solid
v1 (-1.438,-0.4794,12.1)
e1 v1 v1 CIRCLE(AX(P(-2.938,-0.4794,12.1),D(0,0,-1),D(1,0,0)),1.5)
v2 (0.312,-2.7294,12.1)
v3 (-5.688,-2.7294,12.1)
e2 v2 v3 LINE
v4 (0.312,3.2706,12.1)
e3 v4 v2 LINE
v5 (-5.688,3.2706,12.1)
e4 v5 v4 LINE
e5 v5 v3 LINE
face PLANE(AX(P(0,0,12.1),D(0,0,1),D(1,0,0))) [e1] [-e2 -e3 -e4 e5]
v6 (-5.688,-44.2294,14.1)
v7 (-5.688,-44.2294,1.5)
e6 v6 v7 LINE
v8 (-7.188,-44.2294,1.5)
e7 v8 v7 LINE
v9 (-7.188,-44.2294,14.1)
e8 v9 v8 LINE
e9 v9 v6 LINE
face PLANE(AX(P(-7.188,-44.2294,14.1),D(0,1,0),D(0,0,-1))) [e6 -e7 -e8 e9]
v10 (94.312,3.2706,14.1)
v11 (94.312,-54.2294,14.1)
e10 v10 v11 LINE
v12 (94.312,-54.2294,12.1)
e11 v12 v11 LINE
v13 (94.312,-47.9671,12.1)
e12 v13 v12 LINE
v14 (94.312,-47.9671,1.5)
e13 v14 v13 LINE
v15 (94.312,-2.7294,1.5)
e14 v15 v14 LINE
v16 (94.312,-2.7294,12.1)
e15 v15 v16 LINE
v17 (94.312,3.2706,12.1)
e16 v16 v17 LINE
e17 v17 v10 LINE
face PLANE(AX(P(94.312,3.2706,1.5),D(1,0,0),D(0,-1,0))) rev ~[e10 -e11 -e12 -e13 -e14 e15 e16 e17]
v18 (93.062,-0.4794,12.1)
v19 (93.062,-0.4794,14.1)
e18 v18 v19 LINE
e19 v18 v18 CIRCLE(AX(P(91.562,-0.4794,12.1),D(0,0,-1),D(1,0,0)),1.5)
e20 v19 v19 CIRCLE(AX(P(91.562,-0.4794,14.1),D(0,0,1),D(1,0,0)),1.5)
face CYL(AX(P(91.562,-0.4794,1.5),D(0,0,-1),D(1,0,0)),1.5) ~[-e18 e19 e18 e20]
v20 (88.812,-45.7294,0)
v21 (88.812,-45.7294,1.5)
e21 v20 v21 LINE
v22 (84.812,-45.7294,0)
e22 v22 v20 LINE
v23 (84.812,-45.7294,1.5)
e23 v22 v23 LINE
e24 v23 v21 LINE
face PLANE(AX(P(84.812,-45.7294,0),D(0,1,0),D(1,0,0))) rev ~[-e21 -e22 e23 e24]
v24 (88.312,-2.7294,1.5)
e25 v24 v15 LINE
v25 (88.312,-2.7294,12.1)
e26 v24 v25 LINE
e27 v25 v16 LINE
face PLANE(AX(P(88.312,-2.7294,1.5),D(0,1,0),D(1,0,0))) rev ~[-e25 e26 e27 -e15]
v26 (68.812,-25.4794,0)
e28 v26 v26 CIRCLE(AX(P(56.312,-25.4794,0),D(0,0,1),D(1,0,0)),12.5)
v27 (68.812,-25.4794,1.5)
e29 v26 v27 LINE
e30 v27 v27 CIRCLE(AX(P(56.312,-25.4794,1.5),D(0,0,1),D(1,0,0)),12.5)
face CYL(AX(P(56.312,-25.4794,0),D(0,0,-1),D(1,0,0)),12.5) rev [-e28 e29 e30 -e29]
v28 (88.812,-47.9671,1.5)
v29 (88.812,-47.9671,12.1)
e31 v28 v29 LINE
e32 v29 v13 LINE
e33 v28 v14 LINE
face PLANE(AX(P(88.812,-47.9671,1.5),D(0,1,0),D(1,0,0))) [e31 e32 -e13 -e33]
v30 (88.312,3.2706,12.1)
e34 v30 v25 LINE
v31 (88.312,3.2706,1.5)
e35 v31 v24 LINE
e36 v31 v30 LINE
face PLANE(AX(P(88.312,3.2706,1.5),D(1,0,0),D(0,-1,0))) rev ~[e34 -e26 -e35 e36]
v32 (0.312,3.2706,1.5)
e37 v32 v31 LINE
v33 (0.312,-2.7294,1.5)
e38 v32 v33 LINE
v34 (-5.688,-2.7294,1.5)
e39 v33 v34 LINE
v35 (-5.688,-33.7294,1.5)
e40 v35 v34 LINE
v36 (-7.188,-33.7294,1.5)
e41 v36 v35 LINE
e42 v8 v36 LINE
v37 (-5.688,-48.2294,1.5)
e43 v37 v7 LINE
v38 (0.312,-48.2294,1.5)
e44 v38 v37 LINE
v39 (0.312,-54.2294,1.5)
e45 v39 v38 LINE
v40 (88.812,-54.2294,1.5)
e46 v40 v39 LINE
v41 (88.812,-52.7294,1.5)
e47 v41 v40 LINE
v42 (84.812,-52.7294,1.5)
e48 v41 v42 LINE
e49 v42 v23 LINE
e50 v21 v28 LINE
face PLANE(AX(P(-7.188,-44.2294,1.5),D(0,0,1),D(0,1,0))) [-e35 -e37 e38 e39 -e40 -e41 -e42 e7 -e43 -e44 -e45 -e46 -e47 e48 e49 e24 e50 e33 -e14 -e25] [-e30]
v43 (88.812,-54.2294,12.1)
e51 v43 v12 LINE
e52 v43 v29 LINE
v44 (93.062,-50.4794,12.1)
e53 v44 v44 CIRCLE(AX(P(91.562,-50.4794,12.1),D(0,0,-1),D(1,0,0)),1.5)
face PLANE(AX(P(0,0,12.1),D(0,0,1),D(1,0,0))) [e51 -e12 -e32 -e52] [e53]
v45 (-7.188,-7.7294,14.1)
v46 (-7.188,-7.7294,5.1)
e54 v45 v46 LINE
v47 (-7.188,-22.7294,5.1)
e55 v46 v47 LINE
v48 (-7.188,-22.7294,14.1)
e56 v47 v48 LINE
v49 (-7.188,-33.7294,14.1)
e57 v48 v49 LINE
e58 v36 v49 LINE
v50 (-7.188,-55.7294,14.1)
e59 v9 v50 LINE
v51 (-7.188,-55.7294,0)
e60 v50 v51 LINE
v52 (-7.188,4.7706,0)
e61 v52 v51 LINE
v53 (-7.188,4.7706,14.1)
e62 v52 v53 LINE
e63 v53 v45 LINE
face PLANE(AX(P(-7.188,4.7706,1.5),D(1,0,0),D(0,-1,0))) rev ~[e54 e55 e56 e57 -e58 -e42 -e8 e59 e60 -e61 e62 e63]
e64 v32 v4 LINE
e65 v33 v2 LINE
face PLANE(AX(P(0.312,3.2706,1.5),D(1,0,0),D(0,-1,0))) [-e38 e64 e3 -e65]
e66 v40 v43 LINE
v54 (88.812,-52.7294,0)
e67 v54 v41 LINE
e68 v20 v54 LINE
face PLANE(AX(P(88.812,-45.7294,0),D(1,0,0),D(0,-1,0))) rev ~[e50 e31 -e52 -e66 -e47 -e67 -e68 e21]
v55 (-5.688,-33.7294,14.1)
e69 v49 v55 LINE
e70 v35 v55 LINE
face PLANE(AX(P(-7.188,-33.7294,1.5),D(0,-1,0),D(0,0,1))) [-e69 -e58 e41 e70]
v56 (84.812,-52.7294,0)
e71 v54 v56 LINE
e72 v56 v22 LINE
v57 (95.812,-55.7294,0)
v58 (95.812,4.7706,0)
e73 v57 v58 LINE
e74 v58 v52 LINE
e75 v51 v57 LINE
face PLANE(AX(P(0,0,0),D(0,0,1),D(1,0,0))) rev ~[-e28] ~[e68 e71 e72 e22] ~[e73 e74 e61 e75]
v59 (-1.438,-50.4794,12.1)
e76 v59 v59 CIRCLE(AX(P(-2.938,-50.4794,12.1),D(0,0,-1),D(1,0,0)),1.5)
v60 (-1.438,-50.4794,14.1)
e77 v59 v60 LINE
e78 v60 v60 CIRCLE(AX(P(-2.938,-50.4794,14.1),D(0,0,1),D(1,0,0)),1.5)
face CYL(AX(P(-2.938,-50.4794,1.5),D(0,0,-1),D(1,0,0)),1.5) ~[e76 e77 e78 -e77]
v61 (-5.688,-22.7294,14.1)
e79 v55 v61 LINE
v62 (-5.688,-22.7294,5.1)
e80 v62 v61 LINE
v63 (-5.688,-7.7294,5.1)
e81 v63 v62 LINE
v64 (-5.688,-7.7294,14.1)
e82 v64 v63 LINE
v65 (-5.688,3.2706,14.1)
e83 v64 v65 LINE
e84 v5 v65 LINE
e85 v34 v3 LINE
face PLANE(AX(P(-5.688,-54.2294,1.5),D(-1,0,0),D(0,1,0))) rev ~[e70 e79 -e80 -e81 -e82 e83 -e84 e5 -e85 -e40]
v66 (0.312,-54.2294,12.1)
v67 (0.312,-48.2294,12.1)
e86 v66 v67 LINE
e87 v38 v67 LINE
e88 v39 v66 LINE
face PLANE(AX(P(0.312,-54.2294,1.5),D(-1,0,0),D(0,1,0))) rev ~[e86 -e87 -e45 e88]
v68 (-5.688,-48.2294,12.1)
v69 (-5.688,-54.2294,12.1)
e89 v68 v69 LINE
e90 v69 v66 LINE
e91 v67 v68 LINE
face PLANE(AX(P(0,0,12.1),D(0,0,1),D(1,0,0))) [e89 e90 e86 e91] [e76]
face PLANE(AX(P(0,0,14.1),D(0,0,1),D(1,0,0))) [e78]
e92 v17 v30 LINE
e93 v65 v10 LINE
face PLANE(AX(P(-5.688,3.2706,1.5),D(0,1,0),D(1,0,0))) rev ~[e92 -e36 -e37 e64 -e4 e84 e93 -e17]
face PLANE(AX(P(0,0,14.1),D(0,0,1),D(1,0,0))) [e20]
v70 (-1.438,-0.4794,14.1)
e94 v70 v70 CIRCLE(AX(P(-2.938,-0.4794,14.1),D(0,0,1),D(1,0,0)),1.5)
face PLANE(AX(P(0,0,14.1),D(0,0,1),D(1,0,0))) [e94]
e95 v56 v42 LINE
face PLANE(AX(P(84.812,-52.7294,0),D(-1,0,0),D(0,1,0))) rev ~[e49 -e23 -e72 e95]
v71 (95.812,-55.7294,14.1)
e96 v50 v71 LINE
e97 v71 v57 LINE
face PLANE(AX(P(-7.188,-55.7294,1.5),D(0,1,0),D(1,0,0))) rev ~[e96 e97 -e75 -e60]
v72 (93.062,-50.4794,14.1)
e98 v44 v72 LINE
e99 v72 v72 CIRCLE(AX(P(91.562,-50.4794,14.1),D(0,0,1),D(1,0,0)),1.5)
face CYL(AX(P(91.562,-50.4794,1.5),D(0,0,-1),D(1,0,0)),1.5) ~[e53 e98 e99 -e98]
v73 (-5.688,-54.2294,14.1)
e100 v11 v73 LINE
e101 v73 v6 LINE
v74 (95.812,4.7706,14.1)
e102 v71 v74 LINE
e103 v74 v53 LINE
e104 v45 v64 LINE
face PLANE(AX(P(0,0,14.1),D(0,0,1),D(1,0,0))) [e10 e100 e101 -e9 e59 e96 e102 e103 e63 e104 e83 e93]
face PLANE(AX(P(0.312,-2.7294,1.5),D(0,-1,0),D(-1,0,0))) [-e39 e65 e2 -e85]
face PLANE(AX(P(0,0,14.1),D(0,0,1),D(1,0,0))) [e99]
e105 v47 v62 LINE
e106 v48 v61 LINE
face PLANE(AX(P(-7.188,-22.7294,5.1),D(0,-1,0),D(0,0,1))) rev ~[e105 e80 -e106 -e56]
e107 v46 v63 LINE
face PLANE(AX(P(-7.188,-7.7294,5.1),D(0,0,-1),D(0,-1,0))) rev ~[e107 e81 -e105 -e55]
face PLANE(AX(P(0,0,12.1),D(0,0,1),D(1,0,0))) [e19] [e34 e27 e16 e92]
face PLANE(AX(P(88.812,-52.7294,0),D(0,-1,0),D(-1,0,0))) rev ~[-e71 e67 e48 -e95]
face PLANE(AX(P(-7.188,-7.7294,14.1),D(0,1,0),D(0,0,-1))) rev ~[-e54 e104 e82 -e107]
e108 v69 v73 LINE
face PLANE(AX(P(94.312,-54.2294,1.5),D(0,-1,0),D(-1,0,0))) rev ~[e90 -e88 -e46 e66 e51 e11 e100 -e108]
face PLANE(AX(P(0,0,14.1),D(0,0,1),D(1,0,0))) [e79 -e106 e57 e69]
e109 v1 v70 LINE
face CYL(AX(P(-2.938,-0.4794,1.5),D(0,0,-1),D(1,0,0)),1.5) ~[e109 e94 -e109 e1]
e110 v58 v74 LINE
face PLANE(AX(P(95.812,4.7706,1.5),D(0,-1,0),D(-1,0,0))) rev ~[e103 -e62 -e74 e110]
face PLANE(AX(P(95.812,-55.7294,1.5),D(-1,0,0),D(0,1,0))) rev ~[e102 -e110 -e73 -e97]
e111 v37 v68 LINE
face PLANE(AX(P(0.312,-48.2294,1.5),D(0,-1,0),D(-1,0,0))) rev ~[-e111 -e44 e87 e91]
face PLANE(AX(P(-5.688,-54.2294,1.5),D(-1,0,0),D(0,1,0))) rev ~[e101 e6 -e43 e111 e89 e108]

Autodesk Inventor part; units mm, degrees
ref_plane "YZ Plane" through (0, 0, 0) normal (1, 0, 0) x (0, 1, 0)
ref_plane "XZ Plane" through (0, 0, 0) normal (0, 1, 0) x (-1, 0, 0)
ref_plane "XY Plane" through (0, 0, 0) normal (0, 0, 1) x (1, 0, 0)
sketch "Sketch1" plane through (0, 0, 0) normal (0, 0, 1) x (1, 0, 0)
  line L0 (-5.688, 3.2706) -> (94.312, 3.2706)
  line L1 (94.312, 3.2706) -> (94.312, -54.2294)
  line L2 (94.312, -54.2294) -> (-5.688, -54.2294)
  line L3 (-5.688, -54.2294) -> (-5.688, 3.2706)
  line L4 (95.812, 4.7706) -> (-7.188, 4.7706)
  line L5 (-7.188, 4.7706) -> (-7.188, -55.7294)
  line L6 (-7.188, -55.7294) -> (95.812, -55.7294)
  line L7 (95.812, -55.7294) -> (95.812, 4.7706)
  circle A0 centre (56.312, -25.4794) radius 12.5
  point P0 (0, 0)
  dimension "d0" = 100
  dimension "d1" = 57.5
  dimension "d2" = 1.5
  dimension "d3" = 25
  dimension "d4" = 38
extrude "Extrusion1" add sketch "Sketch1" along normal blind 1.5 contours L0 L1 L2 L3 | L7 L6 L5 L4
sketch "Sketch2" plane through (0, 0, 1.5) normal (0, 0, 1) x (1, 0, 0)
  line L0 (95.812, 4.7706) -> (-7.188, 4.7706) projected
  line L1 (-7.188, 4.7706) -> (-7.188, -55.7294) projected
  line L2 (-7.188, -55.7294) -> (95.812, -55.7294) projected
  line L3 (95.812, -55.7294) -> (95.812, 4.7706) projected
  line L4 (-5.688, 3.2706) -> (94.312, 3.2706)
  line L5 (94.312, 3.2706) -> (94.312, -54.2294)
  line L6 (94.312, -54.2294) -> (-5.688, -54.2294)
  line L7 (-5.688, -54.2294) -> (-5.688, 3.2706)
  point P0 (0, 0)
  dimension "d7" = 1.5
extrude "Extrusion2" add sketch "Sketch2" along normal blind 12.6
sketch "Sketch3" plane through (0, 0, 0) normal (0, 0, -1) x (-1, 0, 0)
  line L0 (-84.812, -45.7294) -> (-88.812, -45.7294)
  line L1 (-88.812, -45.7294) -> (-88.812, -52.7294)
  line L2 (-88.812, -52.7294) -> (-84.812, -52.7294)
  line L3 (-84.812, -52.7294) -> (-84.812, -45.7294)
  line L4 (7.188, -55.7294) -> (-95.812, -55.7294) projected
  line L5 (-95.812, -55.7294) -> (-95.812, 4.7706) projected
  point P0 (0, 0)
  dimension "d10" = 3
  dimension "d11" = 7
  dimension "d12" = 4
  dimension "d13" = 10
extrude "Extrusion3" cut sketch "Sketch3" against normal up to next
sketch "Sketch4" plane through (-7.188, -55.7294, 0) normal (-1, 0, 0) x (0, 0, 1)
  line L0 (14.1, 60.5) -> (14.1, 0) projected
  line L1 (14.1, 48) -> (5.1, 48)
  line L2 (5.1, 48) -> (5.1, 33)
  line L3 (5.1, 33) -> (14.1, 33)
  line L4 (14.1, 33) -> (14.1, 48)
  line L5 (0, 60.5) -> (14.1, 60.5) projected
  line L6 (14.1, 11.5) -> (1.5, 11.5)
  line L7 (1.5, 11.5) -> (1.5, 22)
  line L8 (1.5, 22) -> (14.1, 22)
  line L9 (14.1, 22) -> (14.1, 11.5)
  point P0 (0, 55.7294)
  dimension "d16" = 9
  dimension "d18" = 27.5
  dimension "d19" = 12.5
  dimension "d20" = 12.6
  dimension "d21" = 49
  dimension "d22" = 38.5
extrude "Extrusion4" cut sketch "Sketch4" against normal up to surface (1.5 mm away)
sketch "Sketch5" plane through (0, 0, 1.5) normal (0, 0, 1) x (1, 0, 0)
  circle A0 centre (-2.938, -0.4794) radius 1.5
  circle A1 centre (91.562, -0.4794) radius 1.5
  circle A2 centre (-2.938, -50.4794) radius 1.5
  circle A3 centre (91.562, -50.4794) radius 1.5
  line L0 (-5.688, 3.2706) -> (94.312, 3.2706) projected
  line L1 (94.312, -54.2294) -> (-5.688, -54.2294) projected
  line L2 (94.312, 3.2706) -> (94.312, -54.2294) projected
  line L3 (-5.688, -54.2294) -> (-5.688, -44.2294) projected
  line L4 (-5.688, -7.7294) -> (-5.688, 3.2706) projected
  point P0 (0, 0)
  dimension "d25" = 3
  dimension "d26" = 3
  dimension "d27" = 3
  dimension "d28" = 3
  dimension "d31" = 3.75
  dimension "d32" = 3.75
  dimension "d33" = 3.75
  dimension "d34" = 2.75
  dimension "d35" = 2.75
  dimension "d36" = 2.75
  dimension "d37" = 3.75
  dimension "d39" = 2.75
extrude "Extrusion5" add sketch "Sketch5" along normal blind 12.6
sketch "Sketch6" plane through (0, 0, 1.5) normal (0, 0, 1) x (1, 0, 0)
  line L0 (-5.688, 3.2706) -> (-5.688, -33.7294) projected
  line L1 (-5.688, 3.2706) -> (0.312, 3.2706)
  line L2 (0.312, 3.2706) -> (0.312, -2.7294)
  line L3 (0.312, -2.7294) -> (-5.688, -2.7294)
  line L4 (-5.688, -2.7294) -> (-5.688, 3.2706)
  line L5 (94.312, 3.2706) -> (-5.688, 3.2706) projected
  line L6 (94.312, 3.2706) -> (88.312, 3.2706)
  line L7 (88.312, 3.2706) -> (88.312, -2.7294)
  line L8 (88.312, -2.7294) -> (94.312, -2.7294)
  line L9 (94.312, -2.7294) -> (94.312, 3.2706)
  line L10 (-5.688, -54.2294) -> (94.312, -54.2294) projected
  line L11 (88.812, -45.7294) -> (88.812, -52.7294) projected
  line L12 (94.312, -54.2294) -> (88.812, -54.2294)
  line L13 (88.812, -54.2294) -> (88.812, -47.9671)
  line L14 (88.812, -47.9671) -> (94.312, -47.9671)
  line L15 (94.312, -47.9671) -> (94.312, -54.2294)
  line L16 (-5.688, -54.2294) -> (0.312, -54.2294)
  line L17 (0.312, -54.2294) -> (0.312, -48.2294)
  line L18 (0.312, -48.2294) -> (-5.688, -48.2294)
  line L19 (-5.688, -48.2294) -> (-5.688, -54.2294)
  point P0 (0, 0)
  dimension "d42" = 6
  dimension "d43" = 6
  dimension "d44" = 6
  dimension "d45" = 6
  dimension "d46" = 6
  dimension "d47" = 6
extrude "Extrusion6" add sketch "Sketch6" along normal blind 10.6
properties part number "carrier_cmount"
